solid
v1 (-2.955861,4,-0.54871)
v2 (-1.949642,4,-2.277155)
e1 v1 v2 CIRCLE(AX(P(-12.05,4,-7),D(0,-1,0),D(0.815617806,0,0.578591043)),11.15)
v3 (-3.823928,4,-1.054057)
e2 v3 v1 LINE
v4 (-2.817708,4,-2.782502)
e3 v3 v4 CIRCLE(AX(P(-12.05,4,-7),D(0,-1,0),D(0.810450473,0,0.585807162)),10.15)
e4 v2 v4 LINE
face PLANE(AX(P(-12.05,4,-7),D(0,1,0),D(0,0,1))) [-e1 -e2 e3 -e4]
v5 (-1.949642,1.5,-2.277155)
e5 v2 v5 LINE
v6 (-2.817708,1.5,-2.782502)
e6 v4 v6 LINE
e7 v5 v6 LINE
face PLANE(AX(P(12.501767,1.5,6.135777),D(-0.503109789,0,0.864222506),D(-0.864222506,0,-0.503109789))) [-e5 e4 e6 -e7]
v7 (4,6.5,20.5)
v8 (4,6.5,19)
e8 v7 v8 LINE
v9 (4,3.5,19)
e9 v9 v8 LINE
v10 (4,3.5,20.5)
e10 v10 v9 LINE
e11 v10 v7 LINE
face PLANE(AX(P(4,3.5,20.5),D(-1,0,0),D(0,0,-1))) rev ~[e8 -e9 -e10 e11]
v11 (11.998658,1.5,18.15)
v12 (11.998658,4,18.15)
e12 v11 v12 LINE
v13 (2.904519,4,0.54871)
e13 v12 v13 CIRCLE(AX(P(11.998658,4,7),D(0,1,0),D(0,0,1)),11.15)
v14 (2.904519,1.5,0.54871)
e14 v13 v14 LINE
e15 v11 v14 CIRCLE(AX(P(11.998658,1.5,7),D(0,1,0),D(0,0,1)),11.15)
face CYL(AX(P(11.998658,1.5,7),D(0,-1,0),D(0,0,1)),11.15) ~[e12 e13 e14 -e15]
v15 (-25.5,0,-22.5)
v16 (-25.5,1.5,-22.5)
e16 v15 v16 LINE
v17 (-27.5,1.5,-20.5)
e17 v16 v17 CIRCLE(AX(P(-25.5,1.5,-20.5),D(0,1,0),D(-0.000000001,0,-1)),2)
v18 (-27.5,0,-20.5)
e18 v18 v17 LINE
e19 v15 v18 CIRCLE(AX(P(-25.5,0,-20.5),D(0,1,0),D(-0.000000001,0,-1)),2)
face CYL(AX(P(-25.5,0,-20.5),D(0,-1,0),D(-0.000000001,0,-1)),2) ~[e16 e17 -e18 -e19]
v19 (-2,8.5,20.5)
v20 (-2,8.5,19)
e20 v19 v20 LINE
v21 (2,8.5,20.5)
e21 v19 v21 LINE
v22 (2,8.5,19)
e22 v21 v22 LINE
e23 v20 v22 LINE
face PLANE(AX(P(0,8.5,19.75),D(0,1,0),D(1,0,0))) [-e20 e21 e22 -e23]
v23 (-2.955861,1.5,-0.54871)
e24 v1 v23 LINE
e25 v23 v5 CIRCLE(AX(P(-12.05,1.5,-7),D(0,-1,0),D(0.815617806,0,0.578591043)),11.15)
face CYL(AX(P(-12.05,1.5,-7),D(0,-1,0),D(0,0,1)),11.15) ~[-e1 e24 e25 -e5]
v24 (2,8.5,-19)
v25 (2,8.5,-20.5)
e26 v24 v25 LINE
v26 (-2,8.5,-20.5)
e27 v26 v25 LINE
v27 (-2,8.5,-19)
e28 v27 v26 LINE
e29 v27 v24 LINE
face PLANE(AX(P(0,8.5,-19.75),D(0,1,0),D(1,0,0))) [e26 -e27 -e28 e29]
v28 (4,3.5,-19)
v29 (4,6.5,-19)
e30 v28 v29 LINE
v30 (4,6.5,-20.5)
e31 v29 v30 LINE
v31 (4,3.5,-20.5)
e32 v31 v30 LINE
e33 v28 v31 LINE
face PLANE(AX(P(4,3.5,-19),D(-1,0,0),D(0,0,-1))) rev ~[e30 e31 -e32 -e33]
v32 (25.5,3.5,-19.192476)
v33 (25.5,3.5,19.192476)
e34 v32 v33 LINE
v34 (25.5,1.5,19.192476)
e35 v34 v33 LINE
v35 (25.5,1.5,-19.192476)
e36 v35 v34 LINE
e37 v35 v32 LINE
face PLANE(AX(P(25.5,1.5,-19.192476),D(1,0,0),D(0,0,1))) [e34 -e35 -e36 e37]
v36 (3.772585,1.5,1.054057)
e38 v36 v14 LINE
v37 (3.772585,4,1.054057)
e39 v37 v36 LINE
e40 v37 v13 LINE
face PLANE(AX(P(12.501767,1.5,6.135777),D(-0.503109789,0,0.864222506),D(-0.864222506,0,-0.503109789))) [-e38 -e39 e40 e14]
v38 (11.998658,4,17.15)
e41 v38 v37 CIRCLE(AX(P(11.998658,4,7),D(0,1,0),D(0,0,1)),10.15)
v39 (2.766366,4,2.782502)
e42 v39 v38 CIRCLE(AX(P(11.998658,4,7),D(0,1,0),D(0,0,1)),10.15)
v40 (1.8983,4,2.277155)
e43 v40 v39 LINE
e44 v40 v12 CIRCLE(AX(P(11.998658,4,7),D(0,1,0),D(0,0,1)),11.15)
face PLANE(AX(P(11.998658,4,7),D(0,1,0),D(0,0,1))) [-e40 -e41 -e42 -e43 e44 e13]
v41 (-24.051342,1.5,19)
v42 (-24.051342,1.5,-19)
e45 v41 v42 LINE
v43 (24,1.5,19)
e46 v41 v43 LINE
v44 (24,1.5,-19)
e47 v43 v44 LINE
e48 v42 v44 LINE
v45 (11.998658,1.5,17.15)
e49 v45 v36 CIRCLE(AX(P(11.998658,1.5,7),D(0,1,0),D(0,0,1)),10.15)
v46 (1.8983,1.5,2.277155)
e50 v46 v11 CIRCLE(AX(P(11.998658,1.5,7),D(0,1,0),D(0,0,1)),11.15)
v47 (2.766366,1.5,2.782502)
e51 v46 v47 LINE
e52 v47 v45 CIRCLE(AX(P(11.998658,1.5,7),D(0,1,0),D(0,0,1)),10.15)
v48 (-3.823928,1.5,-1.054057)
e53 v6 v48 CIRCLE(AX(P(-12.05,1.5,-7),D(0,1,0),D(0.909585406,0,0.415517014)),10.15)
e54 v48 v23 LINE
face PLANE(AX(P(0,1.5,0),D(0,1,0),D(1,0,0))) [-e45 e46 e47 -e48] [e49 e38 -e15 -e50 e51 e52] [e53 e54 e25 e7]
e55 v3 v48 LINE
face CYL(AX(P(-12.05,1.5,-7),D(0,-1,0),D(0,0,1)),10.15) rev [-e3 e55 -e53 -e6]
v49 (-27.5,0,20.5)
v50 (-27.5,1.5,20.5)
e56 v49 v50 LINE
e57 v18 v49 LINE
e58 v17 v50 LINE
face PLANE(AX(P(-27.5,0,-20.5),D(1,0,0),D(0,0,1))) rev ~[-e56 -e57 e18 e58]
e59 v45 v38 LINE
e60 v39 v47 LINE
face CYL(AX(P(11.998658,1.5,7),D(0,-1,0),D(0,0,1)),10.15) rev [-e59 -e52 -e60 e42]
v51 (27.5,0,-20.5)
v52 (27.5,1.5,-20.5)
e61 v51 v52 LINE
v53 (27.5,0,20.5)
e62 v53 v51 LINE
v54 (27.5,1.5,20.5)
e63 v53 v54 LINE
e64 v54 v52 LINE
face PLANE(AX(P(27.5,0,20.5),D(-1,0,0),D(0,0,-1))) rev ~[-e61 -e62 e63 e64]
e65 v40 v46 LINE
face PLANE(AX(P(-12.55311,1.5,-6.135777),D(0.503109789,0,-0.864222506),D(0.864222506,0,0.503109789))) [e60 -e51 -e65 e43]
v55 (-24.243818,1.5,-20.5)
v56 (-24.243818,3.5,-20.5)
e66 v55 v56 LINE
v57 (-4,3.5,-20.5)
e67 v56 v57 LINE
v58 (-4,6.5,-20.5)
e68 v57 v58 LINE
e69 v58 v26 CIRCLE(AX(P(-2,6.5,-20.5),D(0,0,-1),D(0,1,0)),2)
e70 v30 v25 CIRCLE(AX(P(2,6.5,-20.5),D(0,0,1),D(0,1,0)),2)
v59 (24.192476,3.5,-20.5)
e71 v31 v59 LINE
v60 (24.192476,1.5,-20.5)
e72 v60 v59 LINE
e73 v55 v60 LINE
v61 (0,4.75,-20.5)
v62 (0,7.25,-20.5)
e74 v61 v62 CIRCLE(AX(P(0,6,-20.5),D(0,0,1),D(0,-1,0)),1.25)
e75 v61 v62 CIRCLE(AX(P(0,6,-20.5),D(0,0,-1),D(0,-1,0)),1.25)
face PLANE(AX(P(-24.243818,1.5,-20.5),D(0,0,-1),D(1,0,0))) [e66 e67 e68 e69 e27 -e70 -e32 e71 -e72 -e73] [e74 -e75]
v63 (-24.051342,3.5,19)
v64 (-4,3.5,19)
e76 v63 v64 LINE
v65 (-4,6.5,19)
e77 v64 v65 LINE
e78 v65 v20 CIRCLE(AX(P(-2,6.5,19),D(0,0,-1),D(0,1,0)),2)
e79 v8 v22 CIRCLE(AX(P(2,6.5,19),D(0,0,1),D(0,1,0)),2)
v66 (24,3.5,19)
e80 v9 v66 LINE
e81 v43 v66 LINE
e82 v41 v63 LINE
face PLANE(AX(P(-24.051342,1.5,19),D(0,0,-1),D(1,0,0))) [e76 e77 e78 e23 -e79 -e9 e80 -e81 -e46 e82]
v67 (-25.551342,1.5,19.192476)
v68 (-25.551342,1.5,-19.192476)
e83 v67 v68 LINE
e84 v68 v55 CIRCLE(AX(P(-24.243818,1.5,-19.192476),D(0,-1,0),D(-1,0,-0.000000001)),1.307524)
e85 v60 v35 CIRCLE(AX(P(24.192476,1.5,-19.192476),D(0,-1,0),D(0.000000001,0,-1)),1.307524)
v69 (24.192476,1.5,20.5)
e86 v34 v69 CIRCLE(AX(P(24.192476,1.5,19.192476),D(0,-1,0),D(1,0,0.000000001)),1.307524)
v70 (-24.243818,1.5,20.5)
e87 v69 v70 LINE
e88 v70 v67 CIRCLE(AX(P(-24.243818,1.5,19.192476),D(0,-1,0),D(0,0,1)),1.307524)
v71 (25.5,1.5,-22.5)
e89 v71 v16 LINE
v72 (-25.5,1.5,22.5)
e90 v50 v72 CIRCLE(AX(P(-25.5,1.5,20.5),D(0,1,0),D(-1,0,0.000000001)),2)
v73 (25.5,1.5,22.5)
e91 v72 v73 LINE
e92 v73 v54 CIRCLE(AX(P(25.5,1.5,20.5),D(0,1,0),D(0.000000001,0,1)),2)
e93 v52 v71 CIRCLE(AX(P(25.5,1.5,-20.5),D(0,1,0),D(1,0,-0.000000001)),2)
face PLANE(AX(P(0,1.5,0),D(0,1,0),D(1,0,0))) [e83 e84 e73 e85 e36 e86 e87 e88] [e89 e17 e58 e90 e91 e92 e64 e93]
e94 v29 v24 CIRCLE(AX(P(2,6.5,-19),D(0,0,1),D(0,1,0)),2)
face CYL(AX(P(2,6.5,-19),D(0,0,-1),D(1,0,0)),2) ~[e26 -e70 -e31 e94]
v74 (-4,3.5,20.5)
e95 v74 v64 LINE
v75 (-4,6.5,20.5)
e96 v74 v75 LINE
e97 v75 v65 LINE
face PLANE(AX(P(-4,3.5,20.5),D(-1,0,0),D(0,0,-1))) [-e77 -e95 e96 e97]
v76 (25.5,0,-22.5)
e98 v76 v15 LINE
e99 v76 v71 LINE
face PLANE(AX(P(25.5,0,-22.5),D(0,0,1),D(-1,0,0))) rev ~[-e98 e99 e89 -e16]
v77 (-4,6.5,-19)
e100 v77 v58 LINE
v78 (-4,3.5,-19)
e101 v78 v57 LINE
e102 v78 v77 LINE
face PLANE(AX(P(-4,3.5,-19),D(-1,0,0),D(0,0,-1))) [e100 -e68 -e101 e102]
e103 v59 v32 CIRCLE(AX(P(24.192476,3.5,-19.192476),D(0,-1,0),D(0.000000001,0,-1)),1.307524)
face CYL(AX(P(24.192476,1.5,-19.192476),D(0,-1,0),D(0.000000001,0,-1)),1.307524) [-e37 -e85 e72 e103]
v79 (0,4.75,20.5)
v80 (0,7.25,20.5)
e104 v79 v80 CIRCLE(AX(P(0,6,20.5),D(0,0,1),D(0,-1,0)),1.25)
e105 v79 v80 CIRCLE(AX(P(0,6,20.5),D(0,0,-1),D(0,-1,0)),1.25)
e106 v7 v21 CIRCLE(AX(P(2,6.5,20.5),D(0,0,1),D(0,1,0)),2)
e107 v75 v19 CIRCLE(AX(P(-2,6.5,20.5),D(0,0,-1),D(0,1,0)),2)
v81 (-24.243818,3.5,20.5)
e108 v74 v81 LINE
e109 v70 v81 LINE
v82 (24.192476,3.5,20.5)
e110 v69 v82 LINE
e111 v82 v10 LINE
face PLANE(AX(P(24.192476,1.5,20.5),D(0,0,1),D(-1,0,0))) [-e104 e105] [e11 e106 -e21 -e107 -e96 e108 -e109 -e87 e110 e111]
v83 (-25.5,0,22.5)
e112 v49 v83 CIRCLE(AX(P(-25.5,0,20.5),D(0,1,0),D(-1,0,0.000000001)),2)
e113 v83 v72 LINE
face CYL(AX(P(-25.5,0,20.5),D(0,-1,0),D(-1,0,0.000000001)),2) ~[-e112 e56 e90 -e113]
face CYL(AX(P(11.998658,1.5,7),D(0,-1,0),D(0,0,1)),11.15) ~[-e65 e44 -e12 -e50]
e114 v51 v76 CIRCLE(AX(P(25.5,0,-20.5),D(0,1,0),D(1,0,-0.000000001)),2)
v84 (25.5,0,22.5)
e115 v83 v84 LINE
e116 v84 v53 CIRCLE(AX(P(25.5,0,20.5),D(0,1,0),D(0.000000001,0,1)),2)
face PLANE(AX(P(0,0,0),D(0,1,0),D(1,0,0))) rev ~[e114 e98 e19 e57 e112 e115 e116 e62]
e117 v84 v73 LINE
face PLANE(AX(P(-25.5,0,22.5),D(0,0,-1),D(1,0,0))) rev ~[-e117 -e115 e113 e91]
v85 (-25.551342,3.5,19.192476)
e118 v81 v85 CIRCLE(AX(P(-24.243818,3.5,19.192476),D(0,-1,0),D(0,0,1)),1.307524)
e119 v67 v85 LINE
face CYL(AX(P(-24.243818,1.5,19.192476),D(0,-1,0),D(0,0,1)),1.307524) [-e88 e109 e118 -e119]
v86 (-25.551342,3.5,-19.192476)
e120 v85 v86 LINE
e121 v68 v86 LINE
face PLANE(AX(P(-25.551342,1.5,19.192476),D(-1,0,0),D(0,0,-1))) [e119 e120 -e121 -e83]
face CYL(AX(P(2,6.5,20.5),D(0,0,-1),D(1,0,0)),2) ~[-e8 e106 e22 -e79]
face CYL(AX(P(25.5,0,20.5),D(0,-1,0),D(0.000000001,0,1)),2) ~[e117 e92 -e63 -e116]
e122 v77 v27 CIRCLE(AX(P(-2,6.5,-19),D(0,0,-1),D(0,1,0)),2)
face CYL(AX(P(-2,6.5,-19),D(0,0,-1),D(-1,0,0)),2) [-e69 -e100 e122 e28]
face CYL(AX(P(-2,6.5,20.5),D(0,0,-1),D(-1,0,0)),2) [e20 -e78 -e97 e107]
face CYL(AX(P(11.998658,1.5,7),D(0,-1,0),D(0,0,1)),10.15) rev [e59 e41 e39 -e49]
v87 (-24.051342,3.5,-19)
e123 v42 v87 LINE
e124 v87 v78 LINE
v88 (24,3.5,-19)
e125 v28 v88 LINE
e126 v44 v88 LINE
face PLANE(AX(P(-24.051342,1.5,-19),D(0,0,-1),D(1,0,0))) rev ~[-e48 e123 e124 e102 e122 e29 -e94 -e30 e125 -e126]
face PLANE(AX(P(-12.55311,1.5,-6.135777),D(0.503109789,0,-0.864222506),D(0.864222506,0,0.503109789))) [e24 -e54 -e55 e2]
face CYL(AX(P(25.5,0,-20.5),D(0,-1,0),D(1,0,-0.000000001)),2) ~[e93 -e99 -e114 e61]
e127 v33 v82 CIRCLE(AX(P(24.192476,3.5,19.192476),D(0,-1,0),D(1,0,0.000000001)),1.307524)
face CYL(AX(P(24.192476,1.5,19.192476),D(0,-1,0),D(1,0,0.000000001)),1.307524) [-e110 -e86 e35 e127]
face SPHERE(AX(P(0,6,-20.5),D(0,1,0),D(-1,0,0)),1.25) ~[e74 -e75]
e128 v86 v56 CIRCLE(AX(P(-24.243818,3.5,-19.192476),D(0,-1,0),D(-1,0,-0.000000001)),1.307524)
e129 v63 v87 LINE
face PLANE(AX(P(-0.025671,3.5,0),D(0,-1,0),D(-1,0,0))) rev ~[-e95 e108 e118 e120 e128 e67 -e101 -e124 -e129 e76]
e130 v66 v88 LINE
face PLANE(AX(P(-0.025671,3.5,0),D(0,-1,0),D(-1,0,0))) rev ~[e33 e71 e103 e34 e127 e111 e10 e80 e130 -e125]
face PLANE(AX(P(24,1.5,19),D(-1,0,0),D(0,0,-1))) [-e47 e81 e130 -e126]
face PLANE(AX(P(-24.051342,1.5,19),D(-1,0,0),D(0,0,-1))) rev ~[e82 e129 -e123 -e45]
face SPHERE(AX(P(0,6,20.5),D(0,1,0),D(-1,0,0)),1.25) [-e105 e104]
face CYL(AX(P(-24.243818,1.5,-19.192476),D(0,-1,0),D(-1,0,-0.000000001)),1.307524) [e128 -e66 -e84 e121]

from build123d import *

# Parameters (mm, degrees)
SALIENTE_EXTRUIR1_DEPTH = 1.5
CROQUIS9_W              = 48.051342352
CROQUIS9_H              = 38
SALIENTE_EXTRUIR7_DEPTH = 2
CROQUIS10_W             = 8
CROQUIS10_H             = 1.5
SALIENTE_EXTRUIR8_DEPTH = 5
REDONDEO1_R             = 2
REVOLUCI_N1_ANGLE       = 180
CROQUIS14_R             = 11.15
CROQUIS14_R_2           = 10.15
SALIENTE_EXTRUIR9_DEPTH = 2.5
CORTAR_EXTRUIR4_DEPTH   = 2.5


with BuildPart() as part:
    # Croquis1 → Saliente-Extruir1 (new body)
    with BuildSketch(Plane(origin=(0, 0, 0), x_dir=(1, 0, 0), z_dir=(0, 1, 0))):
        with BuildLine():
            Line((-25.5, -22.5), (25.5, -22.5))
            ThreePointArc((25.5, -22.5), (26.914213562, -21.914213562), (27.5, -20.5))
            Line((27.5, -20.5), (27.5, 20.5))
            ThreePointArc((27.5, 20.5), (26.914213562, 21.914213562), (25.5, 22.5))
            Line((25.5, 22.5), (-25.5, 22.5))
            ThreePointArc((-25.5, 22.5), (-26.914213562, 21.914213562), (-27.5, 20.5))
            Line((-27.5, 20.5), (-27.5, -20.5))
            ThreePointArc((-27.5, -20.5), (-26.914213562, -21.914213562), (-25.5, -22.5))
        make_face()
    extrude(amount=SALIENTE_EXTRUIR1_DEPTH)

    # Croquis9 → Saliente-Extruir7 (add)
    with BuildSketch(Plane(origin=(0, 1.5, 0), x_dir=(1, 0, 0), z_dir=(0, 1, 0))):
        with BuildLine():
            Line((-24.243818065, 20.5), (24.192475714, 20.5))
            ThreePointArc((24.192475714, 20.5), (25.117035003, 20.117035003), (25.5, 19.192475714))
            Line((25.5, 19.192475714), (25.5, -19.192475714))
            ThreePointArc((25.5, -19.192475714), (25.117035003, -20.117035003), (24.192475714, -20.5))
            Line((24.192475714, -20.5), (-24.243818065, -20.5))
            ThreePointArc((-24.243818065, -20.5), (-25.168377355, -20.117035003), (-25.551342352, -19.192475714))
            Line((-25.551342352, -19.192475714), (-25.551342352, 19.192475714))
            ThreePointArc((-25.551342352, 19.192475714), (-25.168377355, 20.117035003), (-24.243818065, 20.5))
        make_face()
        with Locations((-0.025671176, 0)):
            Rectangle(CROQUIS9_W, CROQUIS9_H, mode=Mode.SUBTRACT)
    extrude(amount=SALIENTE_EXTRUIR7_DEPTH)

    # Croquis10 → Saliente-Extruir8 (add)
    with BuildSketch(Plane(origin=(0, 3.5, 0), x_dir=(1, 0, 0), z_dir=(0, 1, 0))):
        with Locations((0, 19.75)):
            Rectangle(CROQUIS10_W, CROQUIS10_H)
        with Locations((0, -19.75)):
            Rectangle(CROQUIS10_W, CROQUIS10_H)
    extrude(amount=SALIENTE_EXTRUIR8_DEPTH)

    # Redondeo1
    redondeo1_edges = [part.edges().sort_by_distance(p)[0] for p in [
        (-4, 8.5, -19.75),
        (4, 8.5, -19.75),
        (4, 8.5, 19.75),
        (-4, 8.5, 19.75),
    ]]
    fillet(redondeo1_edges, radius=REDONDEO1_R)

    # Croquis13 → Revolución1 (revolve)
    with BuildSketch(Plane.XY.offset(20.5)):
        with BuildLine():
            Line((0, 7.25), (0, 4.75))
            ThreePointArc((0, 4.75), (-1.25, 6), (0, 7.25))
        make_face()
    revoluci_n1 = revolve(axis=Axis((0, -1000, 20.5), (0, 1, 0)), revolution_arc=REVOLUCI_N1_ANGLE)

    # Simetría1: Revolución1 across plane
    add(revoluci_n1.mirror(Plane.XY))

    # Croquis14 → Saliente-Extruir9 (add)
    # profile 1 of 2: a face of its own
    with BuildSketch(Plane(origin=(0, 1.5, 0), x_dir=(1, 0, 0), z_dir=(0, 1, 0))):
        with Locations(Location((11.998657648, -7, 0), (0, 0, 270))):
            Circle(CROQUIS14_R)
        with Locations(Location((11.998657648, -7, 0), (0, 0, 270))):
            Circle(CROQUIS14_R_2, mode=Mode.SUBTRACT)
    # profile 2 of 2: a face of its own
    with BuildSketch(Plane(origin=(0, 1.5, 0), x_dir=(1, 0, 0), z_dir=(0, 1, 0))):
        with Locations(Location((-12.05, 7, 0), (0, 0, 270))):
            Circle(CROQUIS14_R)
        with Locations(Location((-12.05, 7, 0), (0, 0, 270))):
            Circle(CROQUIS14_R_2, mode=Mode.SUBTRACT)
    extrude(amount=SALIENTE_EXTRUIR9_DEPTH)

    # Croquis15 → Cortar-Extruir4 (cut)
    with BuildSketch(Plane(origin=(0, 1.5, 0), x_dir=(1, 0, 0), z_dir=(0, 1, 0))):
        Polygon((-12.553109789, 6.135777494), (11.495547859, -7.864222506), (12.501767438, -6.135777494), (-11.546890211, 7.864222506), align=None)
    extrude(amount=CORTAR_EXTRUIR4_DEPTH, mode=Mode.SUBTRACT)


solid = part.part
